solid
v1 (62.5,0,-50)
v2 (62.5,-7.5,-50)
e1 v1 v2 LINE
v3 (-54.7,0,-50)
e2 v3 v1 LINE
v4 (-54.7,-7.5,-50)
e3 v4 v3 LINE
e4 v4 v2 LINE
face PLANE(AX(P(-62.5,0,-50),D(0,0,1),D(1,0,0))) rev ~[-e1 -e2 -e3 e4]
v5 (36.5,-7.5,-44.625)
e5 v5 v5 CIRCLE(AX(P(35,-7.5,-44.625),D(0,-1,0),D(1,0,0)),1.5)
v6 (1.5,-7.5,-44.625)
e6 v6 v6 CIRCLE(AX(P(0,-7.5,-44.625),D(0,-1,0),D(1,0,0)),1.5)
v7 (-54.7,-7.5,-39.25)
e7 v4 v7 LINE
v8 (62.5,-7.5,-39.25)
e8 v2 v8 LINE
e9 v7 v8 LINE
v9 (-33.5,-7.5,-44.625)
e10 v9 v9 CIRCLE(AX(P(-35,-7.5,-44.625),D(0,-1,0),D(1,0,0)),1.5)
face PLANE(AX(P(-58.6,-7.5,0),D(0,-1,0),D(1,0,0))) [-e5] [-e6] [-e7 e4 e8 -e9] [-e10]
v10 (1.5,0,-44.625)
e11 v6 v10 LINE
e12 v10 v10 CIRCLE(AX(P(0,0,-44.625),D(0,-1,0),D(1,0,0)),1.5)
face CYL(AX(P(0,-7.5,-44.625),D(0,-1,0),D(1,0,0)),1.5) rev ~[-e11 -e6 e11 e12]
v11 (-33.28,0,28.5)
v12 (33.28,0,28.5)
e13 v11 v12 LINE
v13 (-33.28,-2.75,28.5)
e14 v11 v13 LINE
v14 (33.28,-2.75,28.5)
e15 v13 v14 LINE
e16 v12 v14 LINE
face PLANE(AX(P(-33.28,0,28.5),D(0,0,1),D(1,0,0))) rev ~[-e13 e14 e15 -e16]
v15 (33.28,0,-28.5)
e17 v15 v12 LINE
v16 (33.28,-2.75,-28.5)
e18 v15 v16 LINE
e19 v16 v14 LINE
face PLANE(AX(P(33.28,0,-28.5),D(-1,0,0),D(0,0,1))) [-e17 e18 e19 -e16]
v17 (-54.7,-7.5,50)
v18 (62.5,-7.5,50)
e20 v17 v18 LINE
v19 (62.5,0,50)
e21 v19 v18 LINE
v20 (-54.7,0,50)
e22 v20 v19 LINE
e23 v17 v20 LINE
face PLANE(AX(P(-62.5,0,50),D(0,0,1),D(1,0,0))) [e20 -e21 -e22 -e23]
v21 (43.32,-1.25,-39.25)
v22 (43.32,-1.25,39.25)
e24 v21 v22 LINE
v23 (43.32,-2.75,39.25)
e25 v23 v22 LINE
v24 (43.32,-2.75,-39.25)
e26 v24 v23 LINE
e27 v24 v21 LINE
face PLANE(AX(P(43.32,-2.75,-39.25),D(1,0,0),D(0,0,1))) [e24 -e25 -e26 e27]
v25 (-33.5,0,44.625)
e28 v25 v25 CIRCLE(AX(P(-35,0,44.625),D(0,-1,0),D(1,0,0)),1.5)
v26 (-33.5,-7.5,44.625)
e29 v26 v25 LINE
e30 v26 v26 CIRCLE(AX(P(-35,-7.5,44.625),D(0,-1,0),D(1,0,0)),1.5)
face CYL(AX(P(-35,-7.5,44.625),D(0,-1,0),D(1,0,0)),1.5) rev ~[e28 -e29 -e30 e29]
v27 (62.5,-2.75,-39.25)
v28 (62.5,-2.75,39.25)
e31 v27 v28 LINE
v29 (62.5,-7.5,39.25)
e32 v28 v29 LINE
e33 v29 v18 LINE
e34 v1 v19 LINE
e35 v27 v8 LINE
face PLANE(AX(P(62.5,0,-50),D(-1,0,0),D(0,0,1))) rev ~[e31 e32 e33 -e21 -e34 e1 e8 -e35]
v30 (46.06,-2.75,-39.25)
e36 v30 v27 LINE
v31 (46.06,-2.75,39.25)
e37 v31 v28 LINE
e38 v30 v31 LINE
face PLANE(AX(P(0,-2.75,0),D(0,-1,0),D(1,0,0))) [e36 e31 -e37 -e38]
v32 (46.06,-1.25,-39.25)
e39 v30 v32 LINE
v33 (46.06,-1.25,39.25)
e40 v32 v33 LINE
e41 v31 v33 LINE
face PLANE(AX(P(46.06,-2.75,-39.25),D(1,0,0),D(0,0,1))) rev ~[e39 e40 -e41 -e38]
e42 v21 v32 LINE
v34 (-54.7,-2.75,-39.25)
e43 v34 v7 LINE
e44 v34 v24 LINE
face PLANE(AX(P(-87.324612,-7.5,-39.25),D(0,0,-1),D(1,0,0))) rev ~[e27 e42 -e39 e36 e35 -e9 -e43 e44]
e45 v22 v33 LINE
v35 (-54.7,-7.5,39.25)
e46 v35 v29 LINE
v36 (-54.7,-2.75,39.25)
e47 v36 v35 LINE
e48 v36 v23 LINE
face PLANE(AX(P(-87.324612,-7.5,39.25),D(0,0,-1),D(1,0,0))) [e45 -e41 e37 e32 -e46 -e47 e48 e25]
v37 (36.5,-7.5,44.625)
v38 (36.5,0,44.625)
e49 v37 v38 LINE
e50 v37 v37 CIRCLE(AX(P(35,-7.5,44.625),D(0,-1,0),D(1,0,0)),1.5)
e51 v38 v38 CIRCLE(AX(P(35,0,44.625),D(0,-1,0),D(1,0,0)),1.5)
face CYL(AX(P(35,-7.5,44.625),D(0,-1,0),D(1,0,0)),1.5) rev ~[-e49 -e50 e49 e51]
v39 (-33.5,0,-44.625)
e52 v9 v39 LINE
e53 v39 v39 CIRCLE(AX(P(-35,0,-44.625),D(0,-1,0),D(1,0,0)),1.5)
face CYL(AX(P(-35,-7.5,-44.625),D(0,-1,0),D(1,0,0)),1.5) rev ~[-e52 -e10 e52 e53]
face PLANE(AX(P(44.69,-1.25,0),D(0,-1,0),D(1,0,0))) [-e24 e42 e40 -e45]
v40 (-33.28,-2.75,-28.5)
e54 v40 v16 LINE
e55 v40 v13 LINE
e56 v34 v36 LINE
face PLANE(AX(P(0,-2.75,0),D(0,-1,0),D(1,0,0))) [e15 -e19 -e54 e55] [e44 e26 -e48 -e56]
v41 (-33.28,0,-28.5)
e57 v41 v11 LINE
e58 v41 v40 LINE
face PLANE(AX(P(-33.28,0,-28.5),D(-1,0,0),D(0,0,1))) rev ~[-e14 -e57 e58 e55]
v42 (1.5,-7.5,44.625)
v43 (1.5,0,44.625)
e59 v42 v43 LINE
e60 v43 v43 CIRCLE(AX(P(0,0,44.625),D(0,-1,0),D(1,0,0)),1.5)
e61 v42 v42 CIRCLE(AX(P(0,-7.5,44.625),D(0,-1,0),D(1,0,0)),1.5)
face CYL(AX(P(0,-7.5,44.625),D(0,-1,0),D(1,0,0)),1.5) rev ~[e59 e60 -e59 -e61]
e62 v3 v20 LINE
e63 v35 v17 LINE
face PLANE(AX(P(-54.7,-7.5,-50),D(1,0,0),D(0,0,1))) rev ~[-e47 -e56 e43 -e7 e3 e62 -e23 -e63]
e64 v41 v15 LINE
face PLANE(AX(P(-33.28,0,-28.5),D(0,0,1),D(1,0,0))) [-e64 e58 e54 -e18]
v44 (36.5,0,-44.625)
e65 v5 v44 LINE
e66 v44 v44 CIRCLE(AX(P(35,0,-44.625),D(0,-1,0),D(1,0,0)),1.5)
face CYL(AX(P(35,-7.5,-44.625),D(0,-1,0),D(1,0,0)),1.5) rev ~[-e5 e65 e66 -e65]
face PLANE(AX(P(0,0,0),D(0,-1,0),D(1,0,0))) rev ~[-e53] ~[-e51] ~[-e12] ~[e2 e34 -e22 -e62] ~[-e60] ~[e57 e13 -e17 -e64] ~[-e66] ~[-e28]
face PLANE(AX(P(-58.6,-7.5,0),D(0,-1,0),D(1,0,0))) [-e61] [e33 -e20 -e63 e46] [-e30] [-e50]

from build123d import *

# Parameters (mm, degrees)
F0_W      = 125
F0_H      = 100
F0_W_2    = 66.56
F0_H_2    = 57
F1_DEPTH  = 7.5
F2_W      = 174.649224
F2_H      = 78.5
F3_DEPTH  = 4.75
F4_W      = 2.74
F4_H      = 78.5
F5_DEPTH  = 1.5
F6_W      = 7.8
F6_H      = 78.5
F7_DEPTH  = 4.75
F8_W      = 7.8
F8_H      = 100
F9_DEPTH  = 25
F10_R     = 1.5
F11_DEPTH = 25
F12_R     = 1.5
F13_DEPTH = 25


with BuildPart() as f1:
    # F0 (on Front) → F1 (new body)
    with BuildSketch(Plane.XZ):
        Rectangle(F0_W, F0_H)
        Rectangle(F0_W_2, F0_H_2, mode=Mode.SUBTRACT)
    extrude(amount=F1_DEPTH)

    # F2 (on face) → F3 (cut)
    with BuildSketch(Plane.XZ.offset(7.5)):
        Rectangle(F2_W, F2_H)
    extrude(amount=-F3_DEPTH, mode=Mode.SUBTRACT)

    # F4 (on face) → F5 (cut)
    with BuildSketch(Plane.XZ.offset(2.75)):
        with Locations((44.69, 0)):
            Rectangle(F4_W, F4_H)
    extrude(amount=-F5_DEPTH, mode=Mode.SUBTRACT)

    # F6 (on face) → F7 (join)
    with BuildSketch(Plane.XZ.offset(2.75)):
        with Locations((-58.6, 0)):
            Rectangle(F6_W, F6_H)
    extrude(amount=F7_DEPTH)

    # F8 (on face) → F9 (cut)
    with BuildSketch(Plane.XZ.offset(7.5)):
        with Locations((-58.6, 0)):
            Rectangle(F8_W, F8_H)
    extrude(amount=-F9_DEPTH, mode=Mode.SUBTRACT)

    # F10 (on face) → F11 (cut)
    with BuildSketch(Plane.XZ.offset(7.5)):
        with Locations((0, 44.625)):
            Circle(F10_R)
        with Locations((-35, 44.625)):
            Circle(F10_R)
        with Locations((35, 44.625)):
            Circle(F10_R)
    extrude(amount=-F11_DEPTH, mode=Mode.SUBTRACT)

    # F12 (on face) → F13 (cut)
    with BuildSketch(Plane.XZ.offset(7.5)):
        with Locations((0, -44.625)):
            Circle(F12_R)
        with Locations((35, -44.625)):
            Circle(F12_R)
        with Locations((-35, -44.625)):
            Circle(F12_R)
    extrude(amount=-F13_DEPTH, mode=Mode.SUBTRACT)


solid = f1.part
